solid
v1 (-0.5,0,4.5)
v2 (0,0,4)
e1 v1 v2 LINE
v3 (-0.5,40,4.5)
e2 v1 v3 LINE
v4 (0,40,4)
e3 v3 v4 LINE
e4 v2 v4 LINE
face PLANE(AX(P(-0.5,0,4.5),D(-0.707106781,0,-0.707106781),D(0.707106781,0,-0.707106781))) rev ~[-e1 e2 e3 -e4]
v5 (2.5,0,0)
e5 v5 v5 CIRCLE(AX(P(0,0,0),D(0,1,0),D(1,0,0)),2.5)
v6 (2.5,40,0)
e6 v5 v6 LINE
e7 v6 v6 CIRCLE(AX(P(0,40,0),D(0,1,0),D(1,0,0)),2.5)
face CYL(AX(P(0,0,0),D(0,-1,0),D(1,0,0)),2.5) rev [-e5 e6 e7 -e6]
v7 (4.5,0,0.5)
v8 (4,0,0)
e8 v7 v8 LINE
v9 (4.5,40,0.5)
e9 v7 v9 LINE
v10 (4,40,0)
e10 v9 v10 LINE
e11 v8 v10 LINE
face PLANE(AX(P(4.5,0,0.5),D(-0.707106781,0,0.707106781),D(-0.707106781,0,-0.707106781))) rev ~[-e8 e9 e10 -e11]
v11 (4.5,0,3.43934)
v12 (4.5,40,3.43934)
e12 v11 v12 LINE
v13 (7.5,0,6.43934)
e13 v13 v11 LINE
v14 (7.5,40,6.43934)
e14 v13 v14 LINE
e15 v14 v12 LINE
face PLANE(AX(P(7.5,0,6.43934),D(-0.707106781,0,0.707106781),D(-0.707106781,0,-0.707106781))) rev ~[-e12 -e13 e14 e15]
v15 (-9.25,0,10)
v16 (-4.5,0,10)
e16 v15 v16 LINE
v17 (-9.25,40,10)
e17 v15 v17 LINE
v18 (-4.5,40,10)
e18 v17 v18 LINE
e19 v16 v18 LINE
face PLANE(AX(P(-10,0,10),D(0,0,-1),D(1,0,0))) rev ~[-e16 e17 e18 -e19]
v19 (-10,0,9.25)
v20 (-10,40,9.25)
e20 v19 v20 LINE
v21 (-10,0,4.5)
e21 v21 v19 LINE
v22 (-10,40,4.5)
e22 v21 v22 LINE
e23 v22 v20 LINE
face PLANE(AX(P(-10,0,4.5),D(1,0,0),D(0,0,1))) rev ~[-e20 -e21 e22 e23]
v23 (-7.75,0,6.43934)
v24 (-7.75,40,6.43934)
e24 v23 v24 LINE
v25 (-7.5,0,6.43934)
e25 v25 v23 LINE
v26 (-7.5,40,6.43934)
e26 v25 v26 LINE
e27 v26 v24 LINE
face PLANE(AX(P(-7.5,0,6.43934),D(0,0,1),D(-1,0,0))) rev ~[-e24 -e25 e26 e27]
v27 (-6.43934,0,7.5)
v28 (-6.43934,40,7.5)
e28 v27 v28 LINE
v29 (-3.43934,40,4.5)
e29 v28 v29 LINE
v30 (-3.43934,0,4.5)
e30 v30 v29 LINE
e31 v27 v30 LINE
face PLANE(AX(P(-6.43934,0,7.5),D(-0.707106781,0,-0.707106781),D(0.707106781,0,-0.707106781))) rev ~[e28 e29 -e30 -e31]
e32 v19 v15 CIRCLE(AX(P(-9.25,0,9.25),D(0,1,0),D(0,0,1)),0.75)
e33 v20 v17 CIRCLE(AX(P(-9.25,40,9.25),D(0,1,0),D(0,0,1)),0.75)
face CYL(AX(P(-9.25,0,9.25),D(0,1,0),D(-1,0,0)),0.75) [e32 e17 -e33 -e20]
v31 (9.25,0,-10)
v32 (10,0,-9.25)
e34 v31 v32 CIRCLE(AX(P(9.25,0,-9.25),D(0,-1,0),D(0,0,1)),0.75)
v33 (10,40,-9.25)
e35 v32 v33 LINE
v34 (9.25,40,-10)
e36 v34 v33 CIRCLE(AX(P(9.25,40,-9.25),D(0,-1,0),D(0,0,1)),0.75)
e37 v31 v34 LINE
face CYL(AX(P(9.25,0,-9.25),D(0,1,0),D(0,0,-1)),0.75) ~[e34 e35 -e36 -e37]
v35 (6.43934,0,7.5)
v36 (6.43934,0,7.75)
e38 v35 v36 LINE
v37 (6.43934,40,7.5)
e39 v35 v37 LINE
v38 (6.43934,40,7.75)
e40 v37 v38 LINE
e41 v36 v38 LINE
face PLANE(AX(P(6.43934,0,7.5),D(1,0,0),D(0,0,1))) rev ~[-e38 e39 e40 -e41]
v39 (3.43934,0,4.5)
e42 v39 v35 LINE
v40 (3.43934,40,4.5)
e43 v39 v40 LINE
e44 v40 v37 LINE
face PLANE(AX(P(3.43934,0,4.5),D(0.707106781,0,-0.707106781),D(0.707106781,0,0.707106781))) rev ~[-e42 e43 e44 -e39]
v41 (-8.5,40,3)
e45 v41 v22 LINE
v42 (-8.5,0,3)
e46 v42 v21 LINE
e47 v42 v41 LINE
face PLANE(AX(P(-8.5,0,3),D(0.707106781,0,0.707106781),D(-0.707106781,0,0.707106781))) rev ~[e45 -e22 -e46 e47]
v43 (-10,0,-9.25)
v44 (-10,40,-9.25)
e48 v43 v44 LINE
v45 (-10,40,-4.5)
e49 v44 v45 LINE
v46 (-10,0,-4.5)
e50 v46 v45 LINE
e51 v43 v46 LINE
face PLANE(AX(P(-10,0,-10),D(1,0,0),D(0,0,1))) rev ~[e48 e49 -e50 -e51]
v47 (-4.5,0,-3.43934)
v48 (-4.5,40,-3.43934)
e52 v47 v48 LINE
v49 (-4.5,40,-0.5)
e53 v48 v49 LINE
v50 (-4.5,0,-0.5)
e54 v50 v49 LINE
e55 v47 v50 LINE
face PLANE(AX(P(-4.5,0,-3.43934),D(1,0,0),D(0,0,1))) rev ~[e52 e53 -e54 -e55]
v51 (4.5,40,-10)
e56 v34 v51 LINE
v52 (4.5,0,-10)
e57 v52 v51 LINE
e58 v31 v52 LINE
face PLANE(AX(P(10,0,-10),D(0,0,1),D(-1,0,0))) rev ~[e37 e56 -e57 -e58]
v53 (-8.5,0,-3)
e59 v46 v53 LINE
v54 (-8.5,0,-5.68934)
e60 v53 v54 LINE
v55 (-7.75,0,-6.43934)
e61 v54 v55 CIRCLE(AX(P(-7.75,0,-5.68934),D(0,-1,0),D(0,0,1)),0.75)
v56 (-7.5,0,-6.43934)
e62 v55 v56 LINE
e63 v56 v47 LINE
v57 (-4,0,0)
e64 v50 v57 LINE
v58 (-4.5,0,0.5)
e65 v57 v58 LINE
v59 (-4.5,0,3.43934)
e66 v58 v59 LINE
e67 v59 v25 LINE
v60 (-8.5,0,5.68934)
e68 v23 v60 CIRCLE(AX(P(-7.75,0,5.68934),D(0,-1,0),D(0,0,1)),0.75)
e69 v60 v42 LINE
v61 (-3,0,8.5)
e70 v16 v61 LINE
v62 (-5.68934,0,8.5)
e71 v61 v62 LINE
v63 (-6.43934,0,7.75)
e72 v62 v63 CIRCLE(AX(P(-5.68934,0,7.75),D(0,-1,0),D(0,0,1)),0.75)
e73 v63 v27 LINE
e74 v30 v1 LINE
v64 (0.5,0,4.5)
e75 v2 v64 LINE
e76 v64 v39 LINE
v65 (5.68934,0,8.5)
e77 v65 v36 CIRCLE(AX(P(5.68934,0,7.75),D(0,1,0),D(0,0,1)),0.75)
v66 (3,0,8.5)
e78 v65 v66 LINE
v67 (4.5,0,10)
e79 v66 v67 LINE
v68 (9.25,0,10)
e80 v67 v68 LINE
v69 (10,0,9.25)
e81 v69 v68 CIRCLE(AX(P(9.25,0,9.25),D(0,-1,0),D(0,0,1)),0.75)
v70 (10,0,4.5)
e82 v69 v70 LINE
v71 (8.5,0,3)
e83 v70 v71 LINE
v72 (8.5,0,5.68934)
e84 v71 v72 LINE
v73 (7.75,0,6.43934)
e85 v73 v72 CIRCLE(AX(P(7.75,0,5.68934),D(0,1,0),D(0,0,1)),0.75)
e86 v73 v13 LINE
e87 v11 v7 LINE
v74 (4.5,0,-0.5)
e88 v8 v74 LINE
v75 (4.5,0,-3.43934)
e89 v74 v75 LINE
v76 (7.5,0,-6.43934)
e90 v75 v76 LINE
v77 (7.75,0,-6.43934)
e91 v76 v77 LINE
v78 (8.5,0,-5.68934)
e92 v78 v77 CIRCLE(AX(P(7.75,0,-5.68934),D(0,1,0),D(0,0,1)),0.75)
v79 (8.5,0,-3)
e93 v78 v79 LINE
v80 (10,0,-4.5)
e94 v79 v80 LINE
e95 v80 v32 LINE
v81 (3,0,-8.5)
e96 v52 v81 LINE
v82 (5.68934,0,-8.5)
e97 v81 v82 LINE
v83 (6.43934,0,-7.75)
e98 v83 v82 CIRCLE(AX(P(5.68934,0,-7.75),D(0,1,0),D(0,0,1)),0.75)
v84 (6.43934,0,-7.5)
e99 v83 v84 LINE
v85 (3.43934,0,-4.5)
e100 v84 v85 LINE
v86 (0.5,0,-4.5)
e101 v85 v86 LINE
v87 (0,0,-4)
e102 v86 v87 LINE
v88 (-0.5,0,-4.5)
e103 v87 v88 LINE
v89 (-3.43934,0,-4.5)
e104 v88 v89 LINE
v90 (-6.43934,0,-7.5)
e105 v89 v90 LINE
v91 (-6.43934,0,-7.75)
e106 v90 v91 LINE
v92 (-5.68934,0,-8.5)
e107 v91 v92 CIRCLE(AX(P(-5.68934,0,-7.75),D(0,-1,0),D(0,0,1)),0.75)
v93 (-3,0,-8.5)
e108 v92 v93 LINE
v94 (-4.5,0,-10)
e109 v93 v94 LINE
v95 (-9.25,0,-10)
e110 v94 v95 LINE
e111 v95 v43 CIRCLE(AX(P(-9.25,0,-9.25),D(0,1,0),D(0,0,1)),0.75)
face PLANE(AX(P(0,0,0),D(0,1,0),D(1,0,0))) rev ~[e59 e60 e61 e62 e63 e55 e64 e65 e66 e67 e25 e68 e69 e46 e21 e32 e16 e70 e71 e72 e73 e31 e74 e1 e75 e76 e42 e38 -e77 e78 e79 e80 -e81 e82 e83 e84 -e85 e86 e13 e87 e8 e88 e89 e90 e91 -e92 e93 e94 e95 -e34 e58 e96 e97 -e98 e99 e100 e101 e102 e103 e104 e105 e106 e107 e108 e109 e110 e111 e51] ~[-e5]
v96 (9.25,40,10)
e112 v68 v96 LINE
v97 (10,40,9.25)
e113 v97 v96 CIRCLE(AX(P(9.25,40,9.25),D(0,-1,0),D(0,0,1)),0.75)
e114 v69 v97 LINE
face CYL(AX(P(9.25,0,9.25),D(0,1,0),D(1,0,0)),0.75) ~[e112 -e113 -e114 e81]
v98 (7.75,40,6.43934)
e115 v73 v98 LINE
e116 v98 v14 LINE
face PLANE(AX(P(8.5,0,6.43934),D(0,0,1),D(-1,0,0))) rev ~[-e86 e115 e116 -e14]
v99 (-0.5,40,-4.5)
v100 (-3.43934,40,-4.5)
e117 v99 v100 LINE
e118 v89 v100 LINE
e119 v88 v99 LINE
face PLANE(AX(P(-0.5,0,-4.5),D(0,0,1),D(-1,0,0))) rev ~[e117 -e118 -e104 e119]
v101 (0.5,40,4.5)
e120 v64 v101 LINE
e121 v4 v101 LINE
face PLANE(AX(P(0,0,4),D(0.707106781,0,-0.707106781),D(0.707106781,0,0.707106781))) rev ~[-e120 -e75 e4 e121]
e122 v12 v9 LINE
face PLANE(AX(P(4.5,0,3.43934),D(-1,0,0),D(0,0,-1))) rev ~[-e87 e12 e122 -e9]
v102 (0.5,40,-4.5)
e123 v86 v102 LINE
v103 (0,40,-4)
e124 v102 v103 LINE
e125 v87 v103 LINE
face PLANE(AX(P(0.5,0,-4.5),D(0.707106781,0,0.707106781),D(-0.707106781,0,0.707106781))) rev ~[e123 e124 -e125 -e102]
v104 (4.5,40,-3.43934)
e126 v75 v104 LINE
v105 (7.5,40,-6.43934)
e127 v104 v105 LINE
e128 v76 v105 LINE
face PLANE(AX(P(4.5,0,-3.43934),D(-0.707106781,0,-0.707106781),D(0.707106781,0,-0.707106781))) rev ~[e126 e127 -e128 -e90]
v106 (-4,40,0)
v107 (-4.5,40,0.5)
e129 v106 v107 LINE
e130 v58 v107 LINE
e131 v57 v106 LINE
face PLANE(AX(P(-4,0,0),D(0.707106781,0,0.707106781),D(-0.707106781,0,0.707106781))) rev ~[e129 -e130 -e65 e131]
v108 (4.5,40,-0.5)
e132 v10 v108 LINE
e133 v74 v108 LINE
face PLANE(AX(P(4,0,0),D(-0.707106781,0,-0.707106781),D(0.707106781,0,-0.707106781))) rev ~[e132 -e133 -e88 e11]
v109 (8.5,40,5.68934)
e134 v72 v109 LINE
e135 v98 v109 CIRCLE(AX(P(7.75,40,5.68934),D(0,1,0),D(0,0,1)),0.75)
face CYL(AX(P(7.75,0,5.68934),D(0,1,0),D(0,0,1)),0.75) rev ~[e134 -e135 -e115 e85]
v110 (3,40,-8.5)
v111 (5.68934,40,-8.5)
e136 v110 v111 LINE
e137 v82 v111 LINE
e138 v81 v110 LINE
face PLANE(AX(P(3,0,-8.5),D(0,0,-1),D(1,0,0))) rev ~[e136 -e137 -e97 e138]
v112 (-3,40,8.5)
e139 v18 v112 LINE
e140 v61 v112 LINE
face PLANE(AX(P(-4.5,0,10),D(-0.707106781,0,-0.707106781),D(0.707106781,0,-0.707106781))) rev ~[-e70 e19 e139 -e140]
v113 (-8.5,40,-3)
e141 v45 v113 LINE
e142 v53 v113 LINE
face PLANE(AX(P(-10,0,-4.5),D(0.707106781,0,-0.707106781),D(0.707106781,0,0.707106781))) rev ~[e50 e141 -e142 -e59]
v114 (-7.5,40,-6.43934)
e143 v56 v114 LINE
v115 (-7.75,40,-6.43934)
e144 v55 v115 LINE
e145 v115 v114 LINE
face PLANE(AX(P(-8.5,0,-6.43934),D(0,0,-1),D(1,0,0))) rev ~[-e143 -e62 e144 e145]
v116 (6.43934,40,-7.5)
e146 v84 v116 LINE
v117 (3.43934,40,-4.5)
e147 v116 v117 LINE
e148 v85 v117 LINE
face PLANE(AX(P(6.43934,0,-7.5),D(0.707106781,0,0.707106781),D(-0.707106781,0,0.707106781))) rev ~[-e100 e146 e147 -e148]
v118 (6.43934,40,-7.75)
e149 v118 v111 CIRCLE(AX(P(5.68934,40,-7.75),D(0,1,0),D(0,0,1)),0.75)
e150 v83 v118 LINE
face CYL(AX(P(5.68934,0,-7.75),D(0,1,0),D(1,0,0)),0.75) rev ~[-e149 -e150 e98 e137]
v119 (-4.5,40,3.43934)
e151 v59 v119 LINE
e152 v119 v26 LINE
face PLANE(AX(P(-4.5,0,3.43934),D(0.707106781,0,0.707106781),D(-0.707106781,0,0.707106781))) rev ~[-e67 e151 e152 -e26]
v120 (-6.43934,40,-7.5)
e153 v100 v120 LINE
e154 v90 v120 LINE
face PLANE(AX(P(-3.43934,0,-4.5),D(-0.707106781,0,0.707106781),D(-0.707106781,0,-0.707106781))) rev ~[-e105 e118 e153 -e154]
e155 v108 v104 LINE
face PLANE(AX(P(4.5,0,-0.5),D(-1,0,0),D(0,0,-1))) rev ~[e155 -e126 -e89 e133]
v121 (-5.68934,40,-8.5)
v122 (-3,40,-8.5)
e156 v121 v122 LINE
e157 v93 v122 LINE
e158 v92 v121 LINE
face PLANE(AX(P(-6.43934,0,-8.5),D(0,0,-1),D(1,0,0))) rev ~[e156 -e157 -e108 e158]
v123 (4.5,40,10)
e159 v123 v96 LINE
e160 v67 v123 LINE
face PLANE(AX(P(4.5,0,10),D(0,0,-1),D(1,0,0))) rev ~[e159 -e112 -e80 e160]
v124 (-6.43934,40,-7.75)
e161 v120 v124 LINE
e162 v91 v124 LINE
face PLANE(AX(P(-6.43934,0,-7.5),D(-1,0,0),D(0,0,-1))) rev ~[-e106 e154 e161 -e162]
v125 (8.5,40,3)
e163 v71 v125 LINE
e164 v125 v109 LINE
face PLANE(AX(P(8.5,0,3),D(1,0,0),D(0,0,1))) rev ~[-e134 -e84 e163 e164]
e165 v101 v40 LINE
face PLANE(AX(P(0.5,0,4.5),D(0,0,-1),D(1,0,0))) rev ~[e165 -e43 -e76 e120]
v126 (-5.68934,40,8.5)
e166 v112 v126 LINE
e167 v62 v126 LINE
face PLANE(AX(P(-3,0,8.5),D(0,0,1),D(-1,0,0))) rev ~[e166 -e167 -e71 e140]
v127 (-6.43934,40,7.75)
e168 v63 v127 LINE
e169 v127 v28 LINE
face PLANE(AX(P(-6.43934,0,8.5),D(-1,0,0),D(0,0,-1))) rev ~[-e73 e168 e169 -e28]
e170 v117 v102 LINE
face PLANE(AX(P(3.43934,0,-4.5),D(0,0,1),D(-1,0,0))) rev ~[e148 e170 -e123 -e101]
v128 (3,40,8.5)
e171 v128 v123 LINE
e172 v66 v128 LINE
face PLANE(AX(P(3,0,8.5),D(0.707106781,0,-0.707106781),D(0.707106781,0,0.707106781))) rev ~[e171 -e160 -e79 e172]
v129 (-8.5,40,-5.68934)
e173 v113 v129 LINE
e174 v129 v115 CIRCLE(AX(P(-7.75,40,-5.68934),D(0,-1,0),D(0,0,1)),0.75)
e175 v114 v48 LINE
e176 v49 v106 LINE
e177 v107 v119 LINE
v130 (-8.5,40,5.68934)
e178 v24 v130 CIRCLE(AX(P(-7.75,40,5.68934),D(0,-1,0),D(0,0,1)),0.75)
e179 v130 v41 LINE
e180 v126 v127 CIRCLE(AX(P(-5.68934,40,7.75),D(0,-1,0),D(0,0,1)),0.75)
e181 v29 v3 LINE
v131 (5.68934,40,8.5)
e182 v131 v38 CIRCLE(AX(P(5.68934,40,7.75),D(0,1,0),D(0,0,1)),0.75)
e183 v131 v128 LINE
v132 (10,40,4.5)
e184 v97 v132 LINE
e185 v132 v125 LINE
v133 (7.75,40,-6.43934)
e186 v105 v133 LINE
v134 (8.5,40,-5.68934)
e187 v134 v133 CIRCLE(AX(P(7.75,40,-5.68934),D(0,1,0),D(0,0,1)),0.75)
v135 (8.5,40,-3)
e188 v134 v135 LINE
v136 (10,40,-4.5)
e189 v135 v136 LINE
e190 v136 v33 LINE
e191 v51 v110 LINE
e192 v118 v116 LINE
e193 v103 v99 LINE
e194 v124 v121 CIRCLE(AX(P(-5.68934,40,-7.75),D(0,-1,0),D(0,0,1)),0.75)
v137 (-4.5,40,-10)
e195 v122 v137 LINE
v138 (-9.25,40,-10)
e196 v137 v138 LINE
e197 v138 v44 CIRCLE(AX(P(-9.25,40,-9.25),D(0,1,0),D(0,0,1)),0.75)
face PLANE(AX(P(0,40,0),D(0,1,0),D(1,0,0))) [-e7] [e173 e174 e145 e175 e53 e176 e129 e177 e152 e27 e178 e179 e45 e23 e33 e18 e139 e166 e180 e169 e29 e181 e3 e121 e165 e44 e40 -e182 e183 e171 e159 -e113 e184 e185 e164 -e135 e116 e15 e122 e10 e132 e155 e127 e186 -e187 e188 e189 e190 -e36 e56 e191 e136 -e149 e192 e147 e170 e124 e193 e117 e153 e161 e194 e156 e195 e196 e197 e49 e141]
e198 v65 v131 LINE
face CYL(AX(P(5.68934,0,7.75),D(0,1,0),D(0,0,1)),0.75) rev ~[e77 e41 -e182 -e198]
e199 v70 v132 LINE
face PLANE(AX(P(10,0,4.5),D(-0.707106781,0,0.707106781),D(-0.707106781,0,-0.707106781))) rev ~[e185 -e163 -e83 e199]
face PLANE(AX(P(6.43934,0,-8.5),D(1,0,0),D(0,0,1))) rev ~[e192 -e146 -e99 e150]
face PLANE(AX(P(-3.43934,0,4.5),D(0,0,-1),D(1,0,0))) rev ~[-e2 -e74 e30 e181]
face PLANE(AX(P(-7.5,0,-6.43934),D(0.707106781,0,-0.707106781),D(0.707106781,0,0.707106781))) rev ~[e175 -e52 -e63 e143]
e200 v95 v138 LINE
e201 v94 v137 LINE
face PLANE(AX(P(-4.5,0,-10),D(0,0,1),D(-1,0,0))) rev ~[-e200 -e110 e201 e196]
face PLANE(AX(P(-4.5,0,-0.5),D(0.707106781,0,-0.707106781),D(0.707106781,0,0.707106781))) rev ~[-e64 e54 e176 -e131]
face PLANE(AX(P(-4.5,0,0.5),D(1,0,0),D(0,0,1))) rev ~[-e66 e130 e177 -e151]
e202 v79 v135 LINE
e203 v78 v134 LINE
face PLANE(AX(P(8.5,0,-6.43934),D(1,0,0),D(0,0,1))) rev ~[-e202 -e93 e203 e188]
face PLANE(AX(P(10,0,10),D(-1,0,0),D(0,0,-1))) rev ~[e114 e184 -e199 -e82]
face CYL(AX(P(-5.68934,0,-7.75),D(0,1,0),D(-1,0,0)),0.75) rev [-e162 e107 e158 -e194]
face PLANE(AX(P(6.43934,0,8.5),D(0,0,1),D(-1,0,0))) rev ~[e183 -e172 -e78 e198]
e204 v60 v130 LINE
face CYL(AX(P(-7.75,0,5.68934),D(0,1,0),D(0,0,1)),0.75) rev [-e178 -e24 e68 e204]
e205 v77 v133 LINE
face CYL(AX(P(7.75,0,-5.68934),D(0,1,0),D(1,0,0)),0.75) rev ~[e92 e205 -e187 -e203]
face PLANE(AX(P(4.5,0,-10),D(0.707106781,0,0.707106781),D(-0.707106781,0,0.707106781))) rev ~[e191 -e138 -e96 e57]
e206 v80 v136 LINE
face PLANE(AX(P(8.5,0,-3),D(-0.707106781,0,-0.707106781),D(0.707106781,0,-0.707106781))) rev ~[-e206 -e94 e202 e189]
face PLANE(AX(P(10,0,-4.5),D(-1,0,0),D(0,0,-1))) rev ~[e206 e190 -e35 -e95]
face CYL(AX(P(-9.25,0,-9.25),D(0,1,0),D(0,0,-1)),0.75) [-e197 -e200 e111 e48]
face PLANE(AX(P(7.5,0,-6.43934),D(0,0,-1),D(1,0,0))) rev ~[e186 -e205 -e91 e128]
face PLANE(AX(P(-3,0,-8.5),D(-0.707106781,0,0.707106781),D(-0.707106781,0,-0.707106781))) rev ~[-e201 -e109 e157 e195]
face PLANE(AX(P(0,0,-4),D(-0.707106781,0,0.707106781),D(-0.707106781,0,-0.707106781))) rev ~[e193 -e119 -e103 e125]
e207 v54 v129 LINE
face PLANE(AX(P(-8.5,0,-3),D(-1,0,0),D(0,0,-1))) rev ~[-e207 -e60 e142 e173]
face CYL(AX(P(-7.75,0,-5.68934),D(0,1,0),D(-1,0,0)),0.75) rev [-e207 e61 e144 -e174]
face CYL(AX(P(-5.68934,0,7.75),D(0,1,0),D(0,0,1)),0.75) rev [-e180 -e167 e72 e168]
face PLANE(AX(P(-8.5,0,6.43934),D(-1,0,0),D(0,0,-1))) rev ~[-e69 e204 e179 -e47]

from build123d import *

# Parameters (mm, degrees)
ESQUISSE1_R      = 2.5
EXTRUSION1_DEPTH = 40
CONG_1_R         = 0.75


with BuildPart() as part:
    # Esquisse1 → Extrusion1 (new body)
    with BuildSketch(Plane(origin=(0, 0, 0), x_dir=(1, 0, 0), z_dir=(0, 1, 0))):
        Polygon((0, 4), (-0.5, 4.5), (-3.439339828, 4.5), (-6.439339828, 7.5), (-6.439339828, 8.5), (-3, 8.5), (-4.5, 10), (-10, 10), (-10, 4.5), (-8.5, 3), (-8.5, 6.439339828), (-7.5, 6.439339828), (-4.5, 3.439339828), (-4.5, 0.5), (-4, 0), (-4.5, -0.5), (-4.5, -3.439339828), (-7.5, -6.439339828), (-8.5, -6.439339828), (-8.5, -3), (-10, -4.5), (-10, -10), (-4.5, -10), (-3, -8.5), (-6.439339828, -8.5), (-6.439339828, -7.5), (-3.439339828, -4.5), (-0.5, -4.5), (0, -4), (0.5, -4.5), (3.439339828, -4.5), (6.439339828, -7.5), (6.439339828, -8.5), (3, -8.5), (4.5, -10), (10, -10), (10, -4.5), (8.5, -3), (8.5, -6.439339828), (7.5, -6.439339828), (4.5, -3.439339828), (4.5, -0.5), (4, 0), (4.5, 0.5), (4.5, 3.439339828), (7.5, 6.439339828), (8.5, 6.439339828), (8.5, 3), (10, 4.5), (10, 10), (4.5, 10), (3, 8.5), (6.439339828, 8.5), (6.439339828, 7.5), (3.439339828, 4.5), (0.5, 4.5), align=None)
        Circle(ESQUISSE1_R, mode=Mode.SUBTRACT)
    extrude(amount=EXTRUSION1_DEPTH)

    # Congé1
    cong_1_edges = [part.edges().sort_by_distance(p)[0] for p in [
        (6.439339828, 20, -8.5),
        (10, 20, -10),
        (8.5, 20, -6.439339828),
        (8.5, 20, 6.439339828),
        (10, 20, 10),
        (6.439339828, 20, 8.5),
        (-6.439339828, 20, 8.5),
        (-10, 20, 10),
        (-8.5, 20, 6.439339828),
        (-8.5, 20, -6.439339828),
        (-10, 20, -10),
        (-6.439339828, 20, -8.5),
    ]]
    fillet(cong_1_edges, radius=CONG_1_R)


solid = part.part
